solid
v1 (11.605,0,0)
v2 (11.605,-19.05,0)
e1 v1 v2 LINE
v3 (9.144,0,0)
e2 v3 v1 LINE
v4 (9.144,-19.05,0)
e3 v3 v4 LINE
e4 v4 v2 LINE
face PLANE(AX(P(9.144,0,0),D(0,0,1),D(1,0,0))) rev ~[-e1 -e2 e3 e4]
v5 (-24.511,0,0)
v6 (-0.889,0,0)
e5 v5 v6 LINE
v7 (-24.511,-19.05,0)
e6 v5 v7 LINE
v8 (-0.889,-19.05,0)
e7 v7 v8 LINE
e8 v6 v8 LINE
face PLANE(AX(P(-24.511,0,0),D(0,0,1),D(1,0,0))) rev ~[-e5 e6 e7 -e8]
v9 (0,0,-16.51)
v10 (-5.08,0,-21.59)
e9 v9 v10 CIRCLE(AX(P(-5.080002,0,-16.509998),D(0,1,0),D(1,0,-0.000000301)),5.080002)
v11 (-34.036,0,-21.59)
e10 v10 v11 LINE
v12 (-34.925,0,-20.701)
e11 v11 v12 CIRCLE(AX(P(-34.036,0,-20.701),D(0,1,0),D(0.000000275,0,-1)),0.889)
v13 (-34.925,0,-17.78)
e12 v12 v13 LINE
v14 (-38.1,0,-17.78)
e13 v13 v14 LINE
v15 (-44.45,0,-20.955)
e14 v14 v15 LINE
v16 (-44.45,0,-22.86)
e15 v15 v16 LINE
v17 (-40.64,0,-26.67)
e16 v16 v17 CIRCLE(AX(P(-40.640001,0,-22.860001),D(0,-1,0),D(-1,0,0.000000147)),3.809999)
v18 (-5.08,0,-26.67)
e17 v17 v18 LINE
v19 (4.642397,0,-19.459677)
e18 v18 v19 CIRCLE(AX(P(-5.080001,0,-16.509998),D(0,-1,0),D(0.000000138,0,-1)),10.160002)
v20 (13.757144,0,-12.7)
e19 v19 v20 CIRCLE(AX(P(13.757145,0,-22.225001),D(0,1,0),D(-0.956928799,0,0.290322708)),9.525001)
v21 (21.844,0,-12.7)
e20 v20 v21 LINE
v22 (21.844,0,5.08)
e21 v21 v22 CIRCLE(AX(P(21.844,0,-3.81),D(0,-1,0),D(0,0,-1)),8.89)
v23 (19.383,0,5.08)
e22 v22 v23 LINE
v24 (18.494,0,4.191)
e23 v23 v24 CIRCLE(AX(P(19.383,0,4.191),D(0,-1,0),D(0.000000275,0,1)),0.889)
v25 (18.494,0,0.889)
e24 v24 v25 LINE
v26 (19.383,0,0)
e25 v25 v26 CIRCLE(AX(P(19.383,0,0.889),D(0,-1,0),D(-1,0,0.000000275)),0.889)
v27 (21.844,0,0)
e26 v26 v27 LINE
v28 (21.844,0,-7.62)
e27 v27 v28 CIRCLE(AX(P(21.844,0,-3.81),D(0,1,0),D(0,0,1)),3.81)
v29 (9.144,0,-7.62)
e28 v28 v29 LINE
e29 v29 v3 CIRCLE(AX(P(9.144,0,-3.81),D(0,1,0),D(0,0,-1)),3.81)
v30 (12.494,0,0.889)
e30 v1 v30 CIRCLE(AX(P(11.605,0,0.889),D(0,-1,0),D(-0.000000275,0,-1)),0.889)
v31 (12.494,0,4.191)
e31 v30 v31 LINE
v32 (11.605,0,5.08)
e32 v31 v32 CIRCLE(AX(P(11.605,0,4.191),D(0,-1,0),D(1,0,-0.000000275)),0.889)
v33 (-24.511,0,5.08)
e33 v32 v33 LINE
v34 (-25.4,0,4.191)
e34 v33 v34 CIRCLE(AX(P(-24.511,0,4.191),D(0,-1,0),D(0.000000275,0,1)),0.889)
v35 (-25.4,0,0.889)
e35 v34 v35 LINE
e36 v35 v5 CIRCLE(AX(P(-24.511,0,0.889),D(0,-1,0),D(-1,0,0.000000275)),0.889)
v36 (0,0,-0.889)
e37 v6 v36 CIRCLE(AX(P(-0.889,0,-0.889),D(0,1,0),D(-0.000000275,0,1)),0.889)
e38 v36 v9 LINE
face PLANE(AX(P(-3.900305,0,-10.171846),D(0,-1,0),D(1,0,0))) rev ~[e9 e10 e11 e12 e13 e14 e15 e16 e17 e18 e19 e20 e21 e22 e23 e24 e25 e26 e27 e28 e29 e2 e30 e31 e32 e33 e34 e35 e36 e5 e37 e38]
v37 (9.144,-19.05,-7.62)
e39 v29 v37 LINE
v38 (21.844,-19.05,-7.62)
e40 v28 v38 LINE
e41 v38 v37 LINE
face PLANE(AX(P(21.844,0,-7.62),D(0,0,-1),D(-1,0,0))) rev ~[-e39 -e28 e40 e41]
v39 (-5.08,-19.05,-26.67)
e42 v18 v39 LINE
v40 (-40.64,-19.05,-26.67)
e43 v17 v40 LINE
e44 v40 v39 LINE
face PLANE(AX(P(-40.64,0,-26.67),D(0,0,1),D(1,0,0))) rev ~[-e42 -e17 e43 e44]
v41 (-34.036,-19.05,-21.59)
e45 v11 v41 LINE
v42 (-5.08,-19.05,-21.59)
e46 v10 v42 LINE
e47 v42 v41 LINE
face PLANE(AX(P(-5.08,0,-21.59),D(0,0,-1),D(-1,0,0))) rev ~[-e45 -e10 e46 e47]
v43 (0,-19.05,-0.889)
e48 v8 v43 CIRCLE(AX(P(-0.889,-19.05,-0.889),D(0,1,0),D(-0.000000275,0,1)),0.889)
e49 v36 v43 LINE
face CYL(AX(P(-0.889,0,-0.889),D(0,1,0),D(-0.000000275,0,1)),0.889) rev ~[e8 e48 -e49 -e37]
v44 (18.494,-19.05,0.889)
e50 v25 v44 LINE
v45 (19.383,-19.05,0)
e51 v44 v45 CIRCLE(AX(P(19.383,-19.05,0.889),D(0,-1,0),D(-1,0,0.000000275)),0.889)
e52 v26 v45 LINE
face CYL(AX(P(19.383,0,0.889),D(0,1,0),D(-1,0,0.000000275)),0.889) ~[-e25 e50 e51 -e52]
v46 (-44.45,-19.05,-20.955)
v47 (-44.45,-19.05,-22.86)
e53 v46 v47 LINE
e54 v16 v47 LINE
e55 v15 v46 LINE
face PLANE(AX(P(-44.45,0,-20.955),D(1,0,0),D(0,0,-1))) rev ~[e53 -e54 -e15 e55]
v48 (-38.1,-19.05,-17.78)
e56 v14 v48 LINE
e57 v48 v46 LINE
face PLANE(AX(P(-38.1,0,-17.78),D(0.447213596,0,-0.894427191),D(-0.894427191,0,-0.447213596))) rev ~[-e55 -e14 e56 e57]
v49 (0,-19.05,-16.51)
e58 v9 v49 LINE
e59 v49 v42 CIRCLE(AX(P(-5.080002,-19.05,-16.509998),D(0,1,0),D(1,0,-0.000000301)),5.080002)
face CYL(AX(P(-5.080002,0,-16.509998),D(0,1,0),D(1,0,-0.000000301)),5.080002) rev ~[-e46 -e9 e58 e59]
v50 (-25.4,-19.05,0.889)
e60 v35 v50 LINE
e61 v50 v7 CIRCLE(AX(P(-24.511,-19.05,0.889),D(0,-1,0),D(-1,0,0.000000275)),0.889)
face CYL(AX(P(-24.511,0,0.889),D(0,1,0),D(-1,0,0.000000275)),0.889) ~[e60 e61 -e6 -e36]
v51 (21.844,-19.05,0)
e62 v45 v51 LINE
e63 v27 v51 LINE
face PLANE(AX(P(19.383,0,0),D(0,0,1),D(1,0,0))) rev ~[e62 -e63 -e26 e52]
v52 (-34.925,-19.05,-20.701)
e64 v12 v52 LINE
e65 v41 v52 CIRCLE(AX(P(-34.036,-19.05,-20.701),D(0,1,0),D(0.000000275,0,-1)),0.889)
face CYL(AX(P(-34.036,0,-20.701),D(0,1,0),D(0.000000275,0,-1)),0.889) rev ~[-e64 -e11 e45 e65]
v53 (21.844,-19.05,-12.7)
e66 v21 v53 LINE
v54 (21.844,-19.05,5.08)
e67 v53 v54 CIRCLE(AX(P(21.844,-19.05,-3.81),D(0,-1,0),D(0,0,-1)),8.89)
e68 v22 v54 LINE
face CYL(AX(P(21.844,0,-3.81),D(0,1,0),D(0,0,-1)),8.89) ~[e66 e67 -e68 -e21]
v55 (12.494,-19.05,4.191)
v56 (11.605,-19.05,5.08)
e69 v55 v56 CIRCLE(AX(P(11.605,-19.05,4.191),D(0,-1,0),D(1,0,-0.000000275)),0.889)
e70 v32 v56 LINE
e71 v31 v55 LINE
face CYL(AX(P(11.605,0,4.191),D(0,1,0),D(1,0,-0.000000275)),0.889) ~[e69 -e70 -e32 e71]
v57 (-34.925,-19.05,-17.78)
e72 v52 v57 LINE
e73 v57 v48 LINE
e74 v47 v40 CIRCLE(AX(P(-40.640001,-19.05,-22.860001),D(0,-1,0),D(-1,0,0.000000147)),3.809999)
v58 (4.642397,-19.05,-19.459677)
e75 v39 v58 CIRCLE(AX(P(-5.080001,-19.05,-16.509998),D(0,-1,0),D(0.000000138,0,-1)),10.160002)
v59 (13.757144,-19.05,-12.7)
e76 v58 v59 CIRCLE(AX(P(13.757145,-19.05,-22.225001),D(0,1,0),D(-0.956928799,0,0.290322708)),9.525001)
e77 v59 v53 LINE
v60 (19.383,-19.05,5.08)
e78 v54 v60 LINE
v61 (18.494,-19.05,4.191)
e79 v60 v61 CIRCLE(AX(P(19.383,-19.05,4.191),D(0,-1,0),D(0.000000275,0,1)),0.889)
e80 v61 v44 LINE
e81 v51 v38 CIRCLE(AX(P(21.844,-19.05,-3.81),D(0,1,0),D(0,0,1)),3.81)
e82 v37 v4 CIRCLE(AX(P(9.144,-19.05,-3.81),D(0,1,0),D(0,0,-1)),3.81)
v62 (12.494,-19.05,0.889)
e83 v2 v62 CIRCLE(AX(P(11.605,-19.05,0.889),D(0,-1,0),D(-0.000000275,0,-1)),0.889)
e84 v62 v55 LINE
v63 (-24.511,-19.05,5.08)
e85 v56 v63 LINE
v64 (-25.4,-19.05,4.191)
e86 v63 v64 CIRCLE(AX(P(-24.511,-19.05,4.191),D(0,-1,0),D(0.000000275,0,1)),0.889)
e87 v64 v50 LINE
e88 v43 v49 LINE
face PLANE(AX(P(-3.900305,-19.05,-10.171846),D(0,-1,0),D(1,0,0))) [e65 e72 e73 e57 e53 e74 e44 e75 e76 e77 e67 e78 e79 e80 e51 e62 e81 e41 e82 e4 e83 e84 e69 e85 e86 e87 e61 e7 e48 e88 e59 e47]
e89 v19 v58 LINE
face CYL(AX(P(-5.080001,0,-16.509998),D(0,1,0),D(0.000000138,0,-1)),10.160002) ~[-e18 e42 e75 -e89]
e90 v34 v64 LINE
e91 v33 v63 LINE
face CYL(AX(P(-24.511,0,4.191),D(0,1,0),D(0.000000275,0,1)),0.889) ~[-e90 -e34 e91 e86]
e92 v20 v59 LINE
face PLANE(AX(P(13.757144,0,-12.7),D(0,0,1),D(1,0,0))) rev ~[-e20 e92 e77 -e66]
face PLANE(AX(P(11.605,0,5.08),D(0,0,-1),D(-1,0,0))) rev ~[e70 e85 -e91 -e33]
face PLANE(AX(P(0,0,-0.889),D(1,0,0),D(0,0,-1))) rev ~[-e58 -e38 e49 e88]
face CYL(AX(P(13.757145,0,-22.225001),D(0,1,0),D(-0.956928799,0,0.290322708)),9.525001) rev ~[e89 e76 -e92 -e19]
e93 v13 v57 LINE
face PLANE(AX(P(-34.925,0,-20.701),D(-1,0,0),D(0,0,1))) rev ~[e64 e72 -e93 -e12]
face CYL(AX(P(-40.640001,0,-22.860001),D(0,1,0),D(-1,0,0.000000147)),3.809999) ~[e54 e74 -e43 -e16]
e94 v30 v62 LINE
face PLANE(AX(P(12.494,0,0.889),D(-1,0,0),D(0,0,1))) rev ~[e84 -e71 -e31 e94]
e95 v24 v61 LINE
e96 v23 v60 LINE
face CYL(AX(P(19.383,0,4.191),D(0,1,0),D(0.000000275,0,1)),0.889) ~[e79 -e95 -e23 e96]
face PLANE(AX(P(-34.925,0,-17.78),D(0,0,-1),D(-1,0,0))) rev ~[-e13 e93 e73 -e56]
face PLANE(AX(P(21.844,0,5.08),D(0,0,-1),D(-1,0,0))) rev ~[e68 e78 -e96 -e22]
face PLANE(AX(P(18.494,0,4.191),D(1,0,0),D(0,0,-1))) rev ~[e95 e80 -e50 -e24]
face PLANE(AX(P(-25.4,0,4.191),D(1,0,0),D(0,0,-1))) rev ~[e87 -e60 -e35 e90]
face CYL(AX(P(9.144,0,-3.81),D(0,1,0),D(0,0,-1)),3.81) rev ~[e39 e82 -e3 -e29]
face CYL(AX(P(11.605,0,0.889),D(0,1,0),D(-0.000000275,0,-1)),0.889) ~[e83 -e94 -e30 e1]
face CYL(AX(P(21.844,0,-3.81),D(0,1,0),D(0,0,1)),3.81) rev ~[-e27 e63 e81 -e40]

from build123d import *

# Parameters (mm, degrees)
F1_DEPTH = 19.05


with BuildPart() as f1:
    # F0 (on Front) → F1 (new body)
    with BuildSketch(Plane.XZ):
        with BuildLine():
            Line((-24.511, 0), (-0.889, 0))
            ThreePointArc((-0.889, 0), (-0.260382, -0.260382), (0, -0.889))
            Line((0, -0.889), (0, -16.51))
            ThreePointArc((0, -16.51), (-1.487898, -20.102102), (-5.08, -21.59))
            Line((-5.08, -21.59), (-34.036, -21.59))
            ThreePointArc((-34.036, -21.59), (-34.664618, -21.329618), (-34.925, -20.701))
            Line((-34.925, -20.701), (-34.925, -17.78))
            Line((-34.925, -17.78), (-38.1, -17.78))
            Line((-38.1, -17.78), (-44.45, -20.955))
            Line((-44.45, -20.955), (-44.45, -22.86))
            ThreePointArc((-44.45, -22.86), (-43.334077, -25.554077), (-40.64, -26.67))
            Line((-40.64, -26.67), (-5.08, -26.67))
            ThreePointArc((-5.08, -26.67), (0.972143, -24.670708), (4.642397, -19.459677))
            ThreePointArc((4.642397, -19.459677), (8.08326, -14.574336), (13.757144, -12.7))
            Line((13.757144, -12.7), (21.844, -12.7))
            ThreePointArc((21.844, -12.7), (30.734, -3.81), (21.844, 5.08))
            Line((21.844, 5.08), (19.383, 5.08))
            ThreePointArc((19.383, 5.08), (18.754382, 4.819618), (18.494, 4.191))
            Line((18.494, 4.191), (18.494, 0.889))
            ThreePointArc((18.494, 0.889), (18.754382, 0.260382), (19.383, 0))
            Line((19.383, 0), (21.844, 0))
            ThreePointArc((21.844, 0), (25.654, -3.81), (21.844, -7.62))
            Line((21.844, -7.62), (9.144, -7.62))
            ThreePointArc((9.144, -7.62), (5.334, -3.81), (9.144, 0))
            Line((9.144, 0), (11.605, 0))
            ThreePointArc((11.605, 0), (12.233618, 0.260382), (12.494, 0.889))
            Line((12.494, 0.889), (12.494, 4.191))
            ThreePointArc((12.494, 4.191), (12.233618, 4.819618), (11.605, 5.08))
            Line((11.605, 5.08), (-24.511, 5.08))
            ThreePointArc((-24.511, 5.08), (-25.139618, 4.819618), (-25.4, 4.191))
            Line((-25.4, 4.191), (-25.4, 0.889))
            ThreePointArc((-25.4, 0.889), (-25.139618, 0.260382), (-24.511, 0))
        make_face()
    extrude(amount=F1_DEPTH)


solid = f1.part
